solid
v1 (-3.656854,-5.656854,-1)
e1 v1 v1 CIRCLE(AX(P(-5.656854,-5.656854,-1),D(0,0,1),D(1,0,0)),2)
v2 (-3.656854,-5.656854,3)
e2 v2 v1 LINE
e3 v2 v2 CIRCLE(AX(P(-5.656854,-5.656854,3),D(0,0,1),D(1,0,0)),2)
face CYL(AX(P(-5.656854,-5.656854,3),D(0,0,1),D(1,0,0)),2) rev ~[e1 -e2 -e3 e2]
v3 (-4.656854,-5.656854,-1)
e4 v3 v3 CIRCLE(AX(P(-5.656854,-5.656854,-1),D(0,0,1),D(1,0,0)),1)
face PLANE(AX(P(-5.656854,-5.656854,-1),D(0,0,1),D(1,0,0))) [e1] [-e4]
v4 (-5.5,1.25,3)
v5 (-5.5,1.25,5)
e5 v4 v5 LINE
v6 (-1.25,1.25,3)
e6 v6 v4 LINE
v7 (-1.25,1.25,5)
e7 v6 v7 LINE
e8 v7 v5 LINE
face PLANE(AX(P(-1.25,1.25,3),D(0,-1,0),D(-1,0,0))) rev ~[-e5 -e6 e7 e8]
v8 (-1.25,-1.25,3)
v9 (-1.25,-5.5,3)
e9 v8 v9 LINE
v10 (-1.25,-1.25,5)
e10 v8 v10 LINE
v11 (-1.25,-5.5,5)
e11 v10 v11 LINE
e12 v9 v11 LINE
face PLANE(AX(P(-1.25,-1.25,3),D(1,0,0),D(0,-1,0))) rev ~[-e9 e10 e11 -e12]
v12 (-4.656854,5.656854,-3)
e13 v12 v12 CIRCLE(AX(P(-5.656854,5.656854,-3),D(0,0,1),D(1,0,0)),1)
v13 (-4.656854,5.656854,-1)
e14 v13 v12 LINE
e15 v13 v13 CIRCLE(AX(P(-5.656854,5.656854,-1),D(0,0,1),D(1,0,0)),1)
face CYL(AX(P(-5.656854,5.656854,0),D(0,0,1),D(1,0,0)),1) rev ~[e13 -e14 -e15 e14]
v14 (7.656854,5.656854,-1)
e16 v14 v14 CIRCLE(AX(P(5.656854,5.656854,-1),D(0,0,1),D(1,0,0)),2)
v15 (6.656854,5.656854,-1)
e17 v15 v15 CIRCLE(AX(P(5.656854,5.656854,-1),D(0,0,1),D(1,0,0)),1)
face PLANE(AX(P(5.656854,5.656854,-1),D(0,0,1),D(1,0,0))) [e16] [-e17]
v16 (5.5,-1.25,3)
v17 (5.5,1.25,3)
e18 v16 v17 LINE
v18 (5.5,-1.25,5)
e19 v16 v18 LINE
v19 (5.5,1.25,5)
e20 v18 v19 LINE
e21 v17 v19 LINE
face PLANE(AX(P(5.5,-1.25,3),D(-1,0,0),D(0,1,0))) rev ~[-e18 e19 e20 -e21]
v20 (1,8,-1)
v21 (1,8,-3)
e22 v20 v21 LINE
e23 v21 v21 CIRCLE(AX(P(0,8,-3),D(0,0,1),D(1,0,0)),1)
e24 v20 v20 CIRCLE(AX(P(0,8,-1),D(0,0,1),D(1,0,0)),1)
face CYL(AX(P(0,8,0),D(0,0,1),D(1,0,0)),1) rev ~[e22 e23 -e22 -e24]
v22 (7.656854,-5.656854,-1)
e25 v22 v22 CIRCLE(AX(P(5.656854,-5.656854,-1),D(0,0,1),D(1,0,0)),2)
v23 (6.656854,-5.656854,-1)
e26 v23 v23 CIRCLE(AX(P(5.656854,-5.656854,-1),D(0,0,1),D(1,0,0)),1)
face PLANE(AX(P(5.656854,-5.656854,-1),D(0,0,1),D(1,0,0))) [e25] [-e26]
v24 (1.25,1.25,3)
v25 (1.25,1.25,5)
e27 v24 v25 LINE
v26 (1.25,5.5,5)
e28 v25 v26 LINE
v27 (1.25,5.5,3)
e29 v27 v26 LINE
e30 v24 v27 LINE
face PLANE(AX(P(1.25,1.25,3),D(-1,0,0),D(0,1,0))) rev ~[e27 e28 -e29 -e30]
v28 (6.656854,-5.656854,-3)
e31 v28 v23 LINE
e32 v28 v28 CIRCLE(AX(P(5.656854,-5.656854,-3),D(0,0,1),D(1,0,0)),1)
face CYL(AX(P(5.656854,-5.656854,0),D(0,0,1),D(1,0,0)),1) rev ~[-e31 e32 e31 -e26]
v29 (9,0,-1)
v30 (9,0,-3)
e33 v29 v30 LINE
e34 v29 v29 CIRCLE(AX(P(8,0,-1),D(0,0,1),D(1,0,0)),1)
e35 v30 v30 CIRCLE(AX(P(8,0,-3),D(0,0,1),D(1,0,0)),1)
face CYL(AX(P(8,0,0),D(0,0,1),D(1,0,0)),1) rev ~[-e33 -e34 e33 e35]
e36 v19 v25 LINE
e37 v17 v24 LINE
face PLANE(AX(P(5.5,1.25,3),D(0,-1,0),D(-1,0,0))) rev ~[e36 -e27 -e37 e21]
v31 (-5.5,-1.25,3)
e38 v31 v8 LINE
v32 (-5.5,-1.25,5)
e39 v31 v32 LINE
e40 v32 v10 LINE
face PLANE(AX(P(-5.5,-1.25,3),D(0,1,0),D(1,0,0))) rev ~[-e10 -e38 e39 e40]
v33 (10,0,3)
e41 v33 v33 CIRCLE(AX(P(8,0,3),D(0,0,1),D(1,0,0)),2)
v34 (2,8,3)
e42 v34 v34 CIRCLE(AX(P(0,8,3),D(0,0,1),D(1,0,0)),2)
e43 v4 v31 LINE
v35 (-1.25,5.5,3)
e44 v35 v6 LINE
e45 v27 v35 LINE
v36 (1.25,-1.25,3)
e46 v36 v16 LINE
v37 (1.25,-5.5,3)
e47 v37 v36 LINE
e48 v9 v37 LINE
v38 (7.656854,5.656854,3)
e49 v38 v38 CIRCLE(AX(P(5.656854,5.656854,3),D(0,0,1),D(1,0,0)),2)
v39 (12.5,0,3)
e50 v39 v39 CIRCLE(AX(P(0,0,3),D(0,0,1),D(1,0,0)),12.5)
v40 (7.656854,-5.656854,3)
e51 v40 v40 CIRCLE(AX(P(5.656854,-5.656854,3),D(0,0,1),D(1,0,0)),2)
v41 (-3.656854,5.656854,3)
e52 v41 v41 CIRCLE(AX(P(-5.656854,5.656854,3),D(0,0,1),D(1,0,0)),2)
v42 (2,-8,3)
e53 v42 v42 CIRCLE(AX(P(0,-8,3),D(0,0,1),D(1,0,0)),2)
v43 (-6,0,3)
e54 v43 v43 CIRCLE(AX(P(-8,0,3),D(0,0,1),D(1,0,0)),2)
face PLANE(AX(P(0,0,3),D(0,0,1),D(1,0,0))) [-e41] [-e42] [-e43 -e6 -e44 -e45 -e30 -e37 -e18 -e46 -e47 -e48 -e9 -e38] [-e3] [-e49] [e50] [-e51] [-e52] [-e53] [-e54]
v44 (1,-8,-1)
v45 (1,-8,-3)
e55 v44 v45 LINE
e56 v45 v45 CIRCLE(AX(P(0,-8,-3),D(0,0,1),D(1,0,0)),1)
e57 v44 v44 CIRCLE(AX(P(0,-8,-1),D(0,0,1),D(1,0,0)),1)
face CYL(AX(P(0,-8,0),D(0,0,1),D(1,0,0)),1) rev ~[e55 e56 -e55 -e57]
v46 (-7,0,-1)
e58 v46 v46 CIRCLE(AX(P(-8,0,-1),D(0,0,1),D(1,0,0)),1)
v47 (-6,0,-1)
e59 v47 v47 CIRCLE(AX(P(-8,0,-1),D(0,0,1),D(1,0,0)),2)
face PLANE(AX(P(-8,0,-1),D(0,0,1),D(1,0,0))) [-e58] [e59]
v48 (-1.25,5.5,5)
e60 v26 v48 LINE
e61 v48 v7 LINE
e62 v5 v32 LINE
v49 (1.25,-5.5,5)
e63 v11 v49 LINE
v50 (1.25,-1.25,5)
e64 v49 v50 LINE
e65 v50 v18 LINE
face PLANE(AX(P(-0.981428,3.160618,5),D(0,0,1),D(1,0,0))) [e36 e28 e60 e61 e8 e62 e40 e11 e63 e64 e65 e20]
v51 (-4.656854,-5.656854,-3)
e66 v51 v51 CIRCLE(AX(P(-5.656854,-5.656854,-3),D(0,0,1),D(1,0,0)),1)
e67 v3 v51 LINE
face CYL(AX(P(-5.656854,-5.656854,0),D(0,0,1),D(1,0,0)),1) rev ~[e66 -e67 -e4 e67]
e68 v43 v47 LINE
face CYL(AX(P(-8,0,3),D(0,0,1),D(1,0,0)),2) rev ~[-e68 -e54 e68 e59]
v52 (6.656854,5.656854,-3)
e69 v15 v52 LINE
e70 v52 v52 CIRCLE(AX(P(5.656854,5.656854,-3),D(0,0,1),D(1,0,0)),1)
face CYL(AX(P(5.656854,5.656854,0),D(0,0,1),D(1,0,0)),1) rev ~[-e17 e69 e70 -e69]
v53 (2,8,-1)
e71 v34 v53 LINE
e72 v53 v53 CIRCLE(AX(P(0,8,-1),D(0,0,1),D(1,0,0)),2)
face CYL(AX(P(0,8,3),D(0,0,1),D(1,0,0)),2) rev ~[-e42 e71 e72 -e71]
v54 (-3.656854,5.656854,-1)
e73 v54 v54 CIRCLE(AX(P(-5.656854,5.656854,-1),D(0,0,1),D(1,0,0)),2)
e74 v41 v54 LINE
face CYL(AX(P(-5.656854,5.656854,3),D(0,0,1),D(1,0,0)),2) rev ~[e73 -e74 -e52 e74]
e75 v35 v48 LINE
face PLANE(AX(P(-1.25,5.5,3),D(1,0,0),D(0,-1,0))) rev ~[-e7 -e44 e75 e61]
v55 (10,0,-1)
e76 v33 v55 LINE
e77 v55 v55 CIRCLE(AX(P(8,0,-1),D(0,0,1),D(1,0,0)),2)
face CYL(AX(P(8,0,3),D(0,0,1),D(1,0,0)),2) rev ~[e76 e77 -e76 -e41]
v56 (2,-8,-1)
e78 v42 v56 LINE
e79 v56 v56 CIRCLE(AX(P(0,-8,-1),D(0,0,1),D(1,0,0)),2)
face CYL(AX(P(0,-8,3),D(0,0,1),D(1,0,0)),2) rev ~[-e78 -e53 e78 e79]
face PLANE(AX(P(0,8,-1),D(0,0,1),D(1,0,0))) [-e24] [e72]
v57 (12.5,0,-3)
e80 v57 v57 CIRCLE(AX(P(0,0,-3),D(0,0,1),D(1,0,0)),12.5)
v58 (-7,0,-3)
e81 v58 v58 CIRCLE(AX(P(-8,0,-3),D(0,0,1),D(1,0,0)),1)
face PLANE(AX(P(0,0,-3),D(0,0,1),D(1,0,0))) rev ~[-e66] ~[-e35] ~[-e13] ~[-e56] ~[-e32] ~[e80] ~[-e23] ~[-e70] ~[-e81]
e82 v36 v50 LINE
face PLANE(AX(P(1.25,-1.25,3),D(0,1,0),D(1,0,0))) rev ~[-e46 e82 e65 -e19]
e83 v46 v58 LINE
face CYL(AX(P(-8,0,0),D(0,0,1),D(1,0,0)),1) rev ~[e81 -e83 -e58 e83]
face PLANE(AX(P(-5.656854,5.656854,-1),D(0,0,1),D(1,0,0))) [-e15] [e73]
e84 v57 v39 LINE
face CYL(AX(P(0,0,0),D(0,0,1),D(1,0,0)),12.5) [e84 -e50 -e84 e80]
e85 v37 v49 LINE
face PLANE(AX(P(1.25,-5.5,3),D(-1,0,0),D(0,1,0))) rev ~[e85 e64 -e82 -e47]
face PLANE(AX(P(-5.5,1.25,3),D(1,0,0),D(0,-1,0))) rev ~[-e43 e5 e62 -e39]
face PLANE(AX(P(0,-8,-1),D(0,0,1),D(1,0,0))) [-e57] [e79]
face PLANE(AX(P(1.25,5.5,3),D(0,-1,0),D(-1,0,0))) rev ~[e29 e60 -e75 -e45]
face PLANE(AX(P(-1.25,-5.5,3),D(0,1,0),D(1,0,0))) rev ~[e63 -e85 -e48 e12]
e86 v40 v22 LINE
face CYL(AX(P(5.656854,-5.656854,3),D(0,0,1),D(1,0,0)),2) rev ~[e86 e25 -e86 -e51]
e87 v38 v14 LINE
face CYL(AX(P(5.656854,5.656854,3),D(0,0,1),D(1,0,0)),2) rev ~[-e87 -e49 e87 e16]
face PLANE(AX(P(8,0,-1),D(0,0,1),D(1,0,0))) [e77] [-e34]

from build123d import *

# Parameters (mm, degrees)
F0_R     = 12.5
F1_DEPTH = 3
F2_R     = 1
F3_DEPTH = 12.5
F4_R     = 2
F4_R_2   = 1
F5_DEPTH = 4
F7_DEPTH = 2


with BuildPart() as f1:
    # F0 (on Top) → F1 (new body, symmetric)
    with BuildSketch(Plane.XY):
        Circle(F0_R)
    extrude(amount=F1_DEPTH, both=True)

    # F2 (on Top) → F3 (cut, symmetric)
    with BuildSketch(Plane.XY):
        with Locations((0, -8)):
            Circle(F2_R)
        with Locations((-5.6568542495, -5.6568542495)):
            Circle(F2_R)
        with Locations((-8, 0)):
            Circle(F2_R)
        with Locations((-5.6568542495, 5.6568542495)):
            Circle(F2_R)
        with Locations((0, 8)):
            Circle(F2_R)
        with Locations((5.6568542495, 5.6568542495)):
            Circle(F2_R)
        with Locations((8, 0)):
            Circle(F2_R)
        with Locations((5.6568542495, -5.6568542495)):
            Circle(F2_R)
    extrude(amount=F3_DEPTH, both=True, mode=Mode.SUBTRACT)

    # F4 (on face) → F5 (cut)
    with BuildSketch(Plane.XY.offset(3)):
        with Locations((-5.6568542495, 5.6568542495)):
            Circle(F4_R)
        with Locations((-5.6568542495, 5.6568542495)):
            Circle(F4_R_2, mode=Mode.SUBTRACT)
        with Locations((-8, 0)):
            Circle(F4_R)
        with Locations((-8, 0)):
            Circle(F4_R_2, mode=Mode.SUBTRACT)
        with Locations((0, 8)):
            Circle(F4_R)
        with Locations((0, 8)):
            Circle(F4_R_2, mode=Mode.SUBTRACT)
        with Locations((8, 0)):
            Circle(F4_R)
        with Locations((8, 0)):
            Circle(F4_R_2, mode=Mode.SUBTRACT)
        with Locations((5.6568542495, 5.6568542495)):
            Circle(F4_R)
        with Locations((5.6568542495, 5.6568542495)):
            Circle(F4_R_2, mode=Mode.SUBTRACT)
        with Locations((5.6568542495, -5.6568542495)):
            Circle(F4_R)
        with Locations((5.6568542495, -5.6568542495)):
            Circle(F4_R_2, mode=Mode.SUBTRACT)
        with Locations((0, -8)):
            Circle(F4_R)
        with Locations((0, -8)):
            Circle(F4_R_2, mode=Mode.SUBTRACT)
        with Locations((-5.6568542495, -5.6568542495)):
            Circle(F4_R)
        with Locations((-5.6568542495, -5.6568542495)):
            Circle(F4_R_2, mode=Mode.SUBTRACT)
    extrude(amount=-F5_DEPTH, mode=Mode.SUBTRACT)

    # F6 (on face) → F7 (join)
    with BuildSketch(Plane.XY.offset(3)):
        Polygon((-0.2840909091, 1.25), (-1.25, 5.5), (-1.25, 1.25), align=None)
        Polygon((1.25, 5.5), (-1.25, 5.5), (-0.2840909091, 1.25), (1.25, 1.25), align=None)
        Polygon((-0.2840909091, 1.25), (-1.25, 1.25), (-1.25, -0.2840909091), (0, 0), align=None)
        Polygon((-1.25, -0.2840909091), (-1.25, 1.25), (-5.5, 1.25), (-5.5, -1.25), align=None)
        Polygon((1.25, 1.25), (-0.2840909091, 1.25), (0, 0), (1.25, 0.2840909091), align=None)
        Polygon((5.5, 1.25), (1.25, 1.25), (1.25, 0.2840909091), align=None)
        Polygon((0, 0), (-1.25, -0.2840909091), (-1.25, -1.25), (0.2840909091, -1.25), align=None)
        Polygon((-1.25, -1.25), (-1.25, -0.2840909091), (-5.5, -1.25), align=None)
        Polygon((1.25, 0.2840909091), (0, 0), (0.2840909091, -1.25), (1.25, -1.25), align=None)
        Polygon((5.5, 1.25), (1.25, 0.2840909091), (1.25, -1.25), (5.5, -1.25), align=None)
        Polygon((0.2840909091, -1.25), (-1.25, -1.25), (-1.25, -5.5), (1.25, -5.5), align=None)
        Polygon((1.25, -1.25), (0.2840909091, -1.25), (1.25, -5.5), align=None)
    extrude(amount=F7_DEPTH)


solid = f1.part
